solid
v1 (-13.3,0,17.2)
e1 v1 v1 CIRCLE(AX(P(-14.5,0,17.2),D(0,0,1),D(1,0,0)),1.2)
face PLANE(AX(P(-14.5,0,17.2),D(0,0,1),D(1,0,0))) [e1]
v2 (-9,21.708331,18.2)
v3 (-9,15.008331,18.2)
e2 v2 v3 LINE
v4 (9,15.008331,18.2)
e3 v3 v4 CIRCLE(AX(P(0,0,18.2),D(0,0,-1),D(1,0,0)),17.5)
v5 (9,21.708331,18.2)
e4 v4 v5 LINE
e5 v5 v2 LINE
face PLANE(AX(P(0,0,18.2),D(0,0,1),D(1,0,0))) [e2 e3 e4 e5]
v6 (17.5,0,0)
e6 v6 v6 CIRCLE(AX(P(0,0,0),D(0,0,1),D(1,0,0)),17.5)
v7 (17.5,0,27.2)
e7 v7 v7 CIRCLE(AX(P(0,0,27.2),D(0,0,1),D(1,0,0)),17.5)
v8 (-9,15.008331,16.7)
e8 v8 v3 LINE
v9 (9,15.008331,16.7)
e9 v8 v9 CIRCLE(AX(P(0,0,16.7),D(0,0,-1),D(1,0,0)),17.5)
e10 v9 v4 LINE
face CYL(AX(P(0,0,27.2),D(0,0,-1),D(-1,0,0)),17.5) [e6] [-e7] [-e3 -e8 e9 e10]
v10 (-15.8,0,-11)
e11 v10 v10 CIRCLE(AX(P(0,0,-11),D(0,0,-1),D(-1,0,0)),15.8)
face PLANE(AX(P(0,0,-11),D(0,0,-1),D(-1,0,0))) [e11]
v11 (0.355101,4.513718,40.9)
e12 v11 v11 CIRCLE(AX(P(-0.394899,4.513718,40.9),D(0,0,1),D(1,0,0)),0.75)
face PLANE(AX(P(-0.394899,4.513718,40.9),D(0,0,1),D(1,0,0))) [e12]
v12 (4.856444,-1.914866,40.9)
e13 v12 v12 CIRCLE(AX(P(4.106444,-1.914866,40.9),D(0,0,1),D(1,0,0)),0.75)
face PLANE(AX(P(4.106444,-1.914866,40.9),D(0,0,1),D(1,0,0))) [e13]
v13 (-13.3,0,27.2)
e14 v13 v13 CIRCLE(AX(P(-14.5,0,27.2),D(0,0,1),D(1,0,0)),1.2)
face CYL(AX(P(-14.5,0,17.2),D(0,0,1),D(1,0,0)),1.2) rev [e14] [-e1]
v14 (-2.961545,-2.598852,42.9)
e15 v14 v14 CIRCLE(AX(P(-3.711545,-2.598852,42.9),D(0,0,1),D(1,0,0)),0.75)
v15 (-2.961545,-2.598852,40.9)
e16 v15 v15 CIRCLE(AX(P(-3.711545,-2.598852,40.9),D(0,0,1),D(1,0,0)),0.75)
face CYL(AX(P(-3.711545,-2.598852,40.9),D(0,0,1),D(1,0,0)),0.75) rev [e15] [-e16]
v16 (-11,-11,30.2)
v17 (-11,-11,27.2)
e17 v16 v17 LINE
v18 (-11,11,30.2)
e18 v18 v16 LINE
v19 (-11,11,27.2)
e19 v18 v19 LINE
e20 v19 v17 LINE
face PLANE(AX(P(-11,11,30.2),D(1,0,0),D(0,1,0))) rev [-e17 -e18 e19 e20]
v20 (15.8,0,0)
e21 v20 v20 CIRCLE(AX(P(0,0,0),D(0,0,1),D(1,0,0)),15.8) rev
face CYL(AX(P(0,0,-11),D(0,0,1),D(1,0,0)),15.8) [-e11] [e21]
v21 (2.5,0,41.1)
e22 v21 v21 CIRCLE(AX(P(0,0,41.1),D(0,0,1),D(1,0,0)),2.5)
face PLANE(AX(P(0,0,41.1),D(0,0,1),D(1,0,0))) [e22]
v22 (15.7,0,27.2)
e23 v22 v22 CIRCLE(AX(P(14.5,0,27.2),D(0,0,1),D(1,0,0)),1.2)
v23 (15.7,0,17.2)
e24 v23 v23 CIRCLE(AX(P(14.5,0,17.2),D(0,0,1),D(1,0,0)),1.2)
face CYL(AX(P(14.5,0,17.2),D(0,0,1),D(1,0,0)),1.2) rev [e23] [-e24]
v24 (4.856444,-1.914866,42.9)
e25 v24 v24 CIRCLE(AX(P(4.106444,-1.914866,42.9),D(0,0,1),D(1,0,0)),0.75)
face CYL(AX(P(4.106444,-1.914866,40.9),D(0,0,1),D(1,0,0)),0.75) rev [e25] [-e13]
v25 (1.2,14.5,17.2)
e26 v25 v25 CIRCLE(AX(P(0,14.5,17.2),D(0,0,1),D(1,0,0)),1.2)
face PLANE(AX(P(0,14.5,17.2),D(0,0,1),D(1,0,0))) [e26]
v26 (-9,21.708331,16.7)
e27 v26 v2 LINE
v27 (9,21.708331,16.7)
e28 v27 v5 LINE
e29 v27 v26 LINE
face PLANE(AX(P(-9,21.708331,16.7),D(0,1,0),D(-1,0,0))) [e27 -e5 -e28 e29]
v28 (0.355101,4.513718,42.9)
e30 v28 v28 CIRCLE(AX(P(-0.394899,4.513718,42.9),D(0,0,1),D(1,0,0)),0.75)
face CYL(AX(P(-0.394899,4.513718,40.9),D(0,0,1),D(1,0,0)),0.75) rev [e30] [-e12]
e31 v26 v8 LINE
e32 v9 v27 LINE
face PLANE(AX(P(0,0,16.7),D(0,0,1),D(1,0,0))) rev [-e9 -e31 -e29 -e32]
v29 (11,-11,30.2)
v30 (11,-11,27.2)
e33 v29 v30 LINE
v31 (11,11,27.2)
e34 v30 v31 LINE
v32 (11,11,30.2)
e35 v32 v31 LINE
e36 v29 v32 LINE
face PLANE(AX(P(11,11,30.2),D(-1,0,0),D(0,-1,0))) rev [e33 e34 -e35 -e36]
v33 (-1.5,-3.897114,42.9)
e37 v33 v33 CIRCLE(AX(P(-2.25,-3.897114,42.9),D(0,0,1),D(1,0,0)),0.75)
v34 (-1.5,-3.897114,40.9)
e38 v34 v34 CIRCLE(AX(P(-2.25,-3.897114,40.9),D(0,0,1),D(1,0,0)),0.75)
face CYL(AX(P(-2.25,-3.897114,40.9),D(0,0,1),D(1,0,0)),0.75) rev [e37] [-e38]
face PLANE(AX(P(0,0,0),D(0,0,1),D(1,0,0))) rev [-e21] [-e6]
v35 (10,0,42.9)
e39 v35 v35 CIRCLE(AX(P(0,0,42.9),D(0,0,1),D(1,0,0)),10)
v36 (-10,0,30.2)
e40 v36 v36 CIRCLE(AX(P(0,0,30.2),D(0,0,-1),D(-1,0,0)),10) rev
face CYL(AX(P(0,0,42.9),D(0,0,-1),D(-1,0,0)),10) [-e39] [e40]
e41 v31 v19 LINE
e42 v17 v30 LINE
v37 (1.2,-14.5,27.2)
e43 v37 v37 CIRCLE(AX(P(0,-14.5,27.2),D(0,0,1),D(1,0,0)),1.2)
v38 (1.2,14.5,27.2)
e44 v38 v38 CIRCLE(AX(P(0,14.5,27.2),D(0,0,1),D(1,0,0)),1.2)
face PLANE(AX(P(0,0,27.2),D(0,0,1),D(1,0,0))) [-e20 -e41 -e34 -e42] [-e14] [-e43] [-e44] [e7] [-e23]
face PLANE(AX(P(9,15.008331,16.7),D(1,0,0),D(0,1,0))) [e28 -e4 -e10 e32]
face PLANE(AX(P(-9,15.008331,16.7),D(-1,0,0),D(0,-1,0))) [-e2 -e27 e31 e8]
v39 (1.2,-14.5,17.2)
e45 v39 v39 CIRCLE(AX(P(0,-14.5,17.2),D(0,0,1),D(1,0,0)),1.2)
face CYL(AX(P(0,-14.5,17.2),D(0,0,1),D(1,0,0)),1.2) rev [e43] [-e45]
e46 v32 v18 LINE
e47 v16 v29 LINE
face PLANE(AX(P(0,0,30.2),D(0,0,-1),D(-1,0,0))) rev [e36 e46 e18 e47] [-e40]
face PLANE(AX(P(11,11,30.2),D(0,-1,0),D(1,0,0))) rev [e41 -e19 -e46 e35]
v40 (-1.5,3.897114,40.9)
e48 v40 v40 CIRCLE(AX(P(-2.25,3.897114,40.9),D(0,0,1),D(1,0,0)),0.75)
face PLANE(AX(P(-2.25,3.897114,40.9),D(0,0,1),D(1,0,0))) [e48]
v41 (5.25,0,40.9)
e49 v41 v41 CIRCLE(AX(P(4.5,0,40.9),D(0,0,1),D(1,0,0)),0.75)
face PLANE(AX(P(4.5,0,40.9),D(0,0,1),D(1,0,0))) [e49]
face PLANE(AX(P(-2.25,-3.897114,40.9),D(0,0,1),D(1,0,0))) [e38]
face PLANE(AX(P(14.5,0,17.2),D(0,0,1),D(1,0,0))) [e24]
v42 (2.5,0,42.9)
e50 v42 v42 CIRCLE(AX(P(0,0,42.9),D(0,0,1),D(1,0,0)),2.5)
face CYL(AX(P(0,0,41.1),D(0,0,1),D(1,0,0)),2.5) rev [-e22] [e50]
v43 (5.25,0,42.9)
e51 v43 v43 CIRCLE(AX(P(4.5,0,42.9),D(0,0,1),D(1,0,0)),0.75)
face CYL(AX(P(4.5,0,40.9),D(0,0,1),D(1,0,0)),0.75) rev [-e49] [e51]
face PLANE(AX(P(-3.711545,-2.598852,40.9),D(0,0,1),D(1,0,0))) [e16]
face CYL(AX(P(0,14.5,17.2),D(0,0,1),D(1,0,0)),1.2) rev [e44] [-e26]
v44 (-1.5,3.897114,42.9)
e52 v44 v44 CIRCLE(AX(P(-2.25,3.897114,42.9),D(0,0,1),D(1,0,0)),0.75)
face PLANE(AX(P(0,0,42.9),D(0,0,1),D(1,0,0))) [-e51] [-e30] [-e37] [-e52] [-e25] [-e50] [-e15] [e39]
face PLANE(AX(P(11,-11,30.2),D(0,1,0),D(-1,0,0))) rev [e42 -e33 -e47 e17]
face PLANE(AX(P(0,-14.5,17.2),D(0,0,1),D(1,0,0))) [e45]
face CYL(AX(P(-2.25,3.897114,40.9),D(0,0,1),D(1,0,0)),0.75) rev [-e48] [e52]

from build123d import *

# Parameters (mm, degrees)
SKETCH_1_R          = 17.5
EXTRUDE_1_DEPTH     = 27.2
SKETCH_2_R          = 15.8
EXTRUDE_2_DEPTH     = 11
SKETCH_3_W          = 22
SKETCH_3_H          = 22
EXTRUDE_3_DEPTH     = 3
SKETCH_4_R          = 10
EXTRUDE_4_DEPTH     = 12.7
SKETCH_5_R          = 1.2
CUT_EXTRUDE_1_DEPTH = 10
EXTRUDE_START       = -1.5
EXTRUDE_5_DEPTH     = 1.5
SKETCH_8_R          = 2.5
CUT_EXTRUDE_2_DEPTH = 1.8
SKETCH_9_R          = 0.75
CUT_EXTRUDE_3_DEPTH = 2


with BuildPart() as part:
    # 草图1 → 凸台-拉伸1 (new body)
    with BuildSketch(Plane.XY):
        Circle(SKETCH_1_R)
    extrude(amount=EXTRUDE_1_DEPTH)

    # 草图2 → 凸台-拉伸2 (add)
    with BuildSketch(Plane(origin=(0, 0, 0), x_dir=(-1, 0, 0), z_dir=(0, 0, -1))):
        with Locations(Location((0, 0, 0), (0, 0, 180))):
            Circle(SKETCH_2_R)
    extrude(amount=EXTRUDE_2_DEPTH)

    # 草图3 → 凸台-拉伸3 (add)
    with BuildSketch(Plane.XY.offset(27.2)):
        Rectangle(SKETCH_3_W, SKETCH_3_H)
    extrude(amount=EXTRUDE_3_DEPTH)

    # 草图4 → 凸台-拉伸4 (add)
    with BuildSketch(Plane.XY.offset(30.2)):
        with Locations(Location((0, 0, 0), (0, 0, 180))):
            Circle(SKETCH_4_R)
    extrude(amount=EXTRUDE_4_DEPTH)

    # 草图5 → 切除-拉伸1 (cut)
    with BuildSketch(Plane.XY.offset(27.2)):
        with Locations((0, -14.5)):
            Circle(SKETCH_5_R)
        with Locations((-14.5, 0)):
            Circle(SKETCH_5_R)
        with Locations((0, 14.5)):
            Circle(SKETCH_5_R)
        with Locations((14.5, 0)):
            Circle(SKETCH_5_R)
    extrude(amount=-CUT_EXTRUDE_1_DEPTH, mode=Mode.SUBTRACT)

    # 草图6 → 凸台-拉伸5 (add)
    with BuildSketch(Plane.XY.offset(18.2).offset(EXTRUDE_START)):
        with BuildLine():
            Line((-9, 15.00833102), (-9, 21.70833102))
            Line((-9, 21.70833102), (9, 21.70833102))
            Line((9, 21.70833102), (9, 15.00833102))
            ThreePointArc((9, 15.00833102), (0, 17.5), (-9, 15.00833102))
        make_face()
    extrude(amount=EXTRUDE_5_DEPTH)

    # 草图8 → 切除-拉伸2 (cut)
    with BuildSketch(Plane.XY.offset(42.9)):
        Circle(SKETCH_8_R)
    extrude(amount=-CUT_EXTRUDE_2_DEPTH, mode=Mode.SUBTRACT)

    # 草图9 → 切除-拉伸3 (cut)
    with BuildSketch(Plane.XY.offset(42.9)):
        with Locations((4.5, 0)):
            Circle(SKETCH_9_R)
        with Locations((4.106443914, -1.914866245)):
            Circle(SKETCH_9_R)
        with Locations((-2.25, -3.897114317)):
            Circle(SKETCH_9_R)
        with Locations((-3.71154477, -2.598851626)):
            Circle(SKETCH_9_R)
        with Locations((-2.25, 3.897114317)):
            Circle(SKETCH_9_R)
        with Locations((-0.394899144, 4.513717871)):
            Circle(SKETCH_9_R)
    extrude(amount=-CUT_EXTRUDE_3_DEPTH, mode=Mode.SUBTRACT)


solid = part.part
